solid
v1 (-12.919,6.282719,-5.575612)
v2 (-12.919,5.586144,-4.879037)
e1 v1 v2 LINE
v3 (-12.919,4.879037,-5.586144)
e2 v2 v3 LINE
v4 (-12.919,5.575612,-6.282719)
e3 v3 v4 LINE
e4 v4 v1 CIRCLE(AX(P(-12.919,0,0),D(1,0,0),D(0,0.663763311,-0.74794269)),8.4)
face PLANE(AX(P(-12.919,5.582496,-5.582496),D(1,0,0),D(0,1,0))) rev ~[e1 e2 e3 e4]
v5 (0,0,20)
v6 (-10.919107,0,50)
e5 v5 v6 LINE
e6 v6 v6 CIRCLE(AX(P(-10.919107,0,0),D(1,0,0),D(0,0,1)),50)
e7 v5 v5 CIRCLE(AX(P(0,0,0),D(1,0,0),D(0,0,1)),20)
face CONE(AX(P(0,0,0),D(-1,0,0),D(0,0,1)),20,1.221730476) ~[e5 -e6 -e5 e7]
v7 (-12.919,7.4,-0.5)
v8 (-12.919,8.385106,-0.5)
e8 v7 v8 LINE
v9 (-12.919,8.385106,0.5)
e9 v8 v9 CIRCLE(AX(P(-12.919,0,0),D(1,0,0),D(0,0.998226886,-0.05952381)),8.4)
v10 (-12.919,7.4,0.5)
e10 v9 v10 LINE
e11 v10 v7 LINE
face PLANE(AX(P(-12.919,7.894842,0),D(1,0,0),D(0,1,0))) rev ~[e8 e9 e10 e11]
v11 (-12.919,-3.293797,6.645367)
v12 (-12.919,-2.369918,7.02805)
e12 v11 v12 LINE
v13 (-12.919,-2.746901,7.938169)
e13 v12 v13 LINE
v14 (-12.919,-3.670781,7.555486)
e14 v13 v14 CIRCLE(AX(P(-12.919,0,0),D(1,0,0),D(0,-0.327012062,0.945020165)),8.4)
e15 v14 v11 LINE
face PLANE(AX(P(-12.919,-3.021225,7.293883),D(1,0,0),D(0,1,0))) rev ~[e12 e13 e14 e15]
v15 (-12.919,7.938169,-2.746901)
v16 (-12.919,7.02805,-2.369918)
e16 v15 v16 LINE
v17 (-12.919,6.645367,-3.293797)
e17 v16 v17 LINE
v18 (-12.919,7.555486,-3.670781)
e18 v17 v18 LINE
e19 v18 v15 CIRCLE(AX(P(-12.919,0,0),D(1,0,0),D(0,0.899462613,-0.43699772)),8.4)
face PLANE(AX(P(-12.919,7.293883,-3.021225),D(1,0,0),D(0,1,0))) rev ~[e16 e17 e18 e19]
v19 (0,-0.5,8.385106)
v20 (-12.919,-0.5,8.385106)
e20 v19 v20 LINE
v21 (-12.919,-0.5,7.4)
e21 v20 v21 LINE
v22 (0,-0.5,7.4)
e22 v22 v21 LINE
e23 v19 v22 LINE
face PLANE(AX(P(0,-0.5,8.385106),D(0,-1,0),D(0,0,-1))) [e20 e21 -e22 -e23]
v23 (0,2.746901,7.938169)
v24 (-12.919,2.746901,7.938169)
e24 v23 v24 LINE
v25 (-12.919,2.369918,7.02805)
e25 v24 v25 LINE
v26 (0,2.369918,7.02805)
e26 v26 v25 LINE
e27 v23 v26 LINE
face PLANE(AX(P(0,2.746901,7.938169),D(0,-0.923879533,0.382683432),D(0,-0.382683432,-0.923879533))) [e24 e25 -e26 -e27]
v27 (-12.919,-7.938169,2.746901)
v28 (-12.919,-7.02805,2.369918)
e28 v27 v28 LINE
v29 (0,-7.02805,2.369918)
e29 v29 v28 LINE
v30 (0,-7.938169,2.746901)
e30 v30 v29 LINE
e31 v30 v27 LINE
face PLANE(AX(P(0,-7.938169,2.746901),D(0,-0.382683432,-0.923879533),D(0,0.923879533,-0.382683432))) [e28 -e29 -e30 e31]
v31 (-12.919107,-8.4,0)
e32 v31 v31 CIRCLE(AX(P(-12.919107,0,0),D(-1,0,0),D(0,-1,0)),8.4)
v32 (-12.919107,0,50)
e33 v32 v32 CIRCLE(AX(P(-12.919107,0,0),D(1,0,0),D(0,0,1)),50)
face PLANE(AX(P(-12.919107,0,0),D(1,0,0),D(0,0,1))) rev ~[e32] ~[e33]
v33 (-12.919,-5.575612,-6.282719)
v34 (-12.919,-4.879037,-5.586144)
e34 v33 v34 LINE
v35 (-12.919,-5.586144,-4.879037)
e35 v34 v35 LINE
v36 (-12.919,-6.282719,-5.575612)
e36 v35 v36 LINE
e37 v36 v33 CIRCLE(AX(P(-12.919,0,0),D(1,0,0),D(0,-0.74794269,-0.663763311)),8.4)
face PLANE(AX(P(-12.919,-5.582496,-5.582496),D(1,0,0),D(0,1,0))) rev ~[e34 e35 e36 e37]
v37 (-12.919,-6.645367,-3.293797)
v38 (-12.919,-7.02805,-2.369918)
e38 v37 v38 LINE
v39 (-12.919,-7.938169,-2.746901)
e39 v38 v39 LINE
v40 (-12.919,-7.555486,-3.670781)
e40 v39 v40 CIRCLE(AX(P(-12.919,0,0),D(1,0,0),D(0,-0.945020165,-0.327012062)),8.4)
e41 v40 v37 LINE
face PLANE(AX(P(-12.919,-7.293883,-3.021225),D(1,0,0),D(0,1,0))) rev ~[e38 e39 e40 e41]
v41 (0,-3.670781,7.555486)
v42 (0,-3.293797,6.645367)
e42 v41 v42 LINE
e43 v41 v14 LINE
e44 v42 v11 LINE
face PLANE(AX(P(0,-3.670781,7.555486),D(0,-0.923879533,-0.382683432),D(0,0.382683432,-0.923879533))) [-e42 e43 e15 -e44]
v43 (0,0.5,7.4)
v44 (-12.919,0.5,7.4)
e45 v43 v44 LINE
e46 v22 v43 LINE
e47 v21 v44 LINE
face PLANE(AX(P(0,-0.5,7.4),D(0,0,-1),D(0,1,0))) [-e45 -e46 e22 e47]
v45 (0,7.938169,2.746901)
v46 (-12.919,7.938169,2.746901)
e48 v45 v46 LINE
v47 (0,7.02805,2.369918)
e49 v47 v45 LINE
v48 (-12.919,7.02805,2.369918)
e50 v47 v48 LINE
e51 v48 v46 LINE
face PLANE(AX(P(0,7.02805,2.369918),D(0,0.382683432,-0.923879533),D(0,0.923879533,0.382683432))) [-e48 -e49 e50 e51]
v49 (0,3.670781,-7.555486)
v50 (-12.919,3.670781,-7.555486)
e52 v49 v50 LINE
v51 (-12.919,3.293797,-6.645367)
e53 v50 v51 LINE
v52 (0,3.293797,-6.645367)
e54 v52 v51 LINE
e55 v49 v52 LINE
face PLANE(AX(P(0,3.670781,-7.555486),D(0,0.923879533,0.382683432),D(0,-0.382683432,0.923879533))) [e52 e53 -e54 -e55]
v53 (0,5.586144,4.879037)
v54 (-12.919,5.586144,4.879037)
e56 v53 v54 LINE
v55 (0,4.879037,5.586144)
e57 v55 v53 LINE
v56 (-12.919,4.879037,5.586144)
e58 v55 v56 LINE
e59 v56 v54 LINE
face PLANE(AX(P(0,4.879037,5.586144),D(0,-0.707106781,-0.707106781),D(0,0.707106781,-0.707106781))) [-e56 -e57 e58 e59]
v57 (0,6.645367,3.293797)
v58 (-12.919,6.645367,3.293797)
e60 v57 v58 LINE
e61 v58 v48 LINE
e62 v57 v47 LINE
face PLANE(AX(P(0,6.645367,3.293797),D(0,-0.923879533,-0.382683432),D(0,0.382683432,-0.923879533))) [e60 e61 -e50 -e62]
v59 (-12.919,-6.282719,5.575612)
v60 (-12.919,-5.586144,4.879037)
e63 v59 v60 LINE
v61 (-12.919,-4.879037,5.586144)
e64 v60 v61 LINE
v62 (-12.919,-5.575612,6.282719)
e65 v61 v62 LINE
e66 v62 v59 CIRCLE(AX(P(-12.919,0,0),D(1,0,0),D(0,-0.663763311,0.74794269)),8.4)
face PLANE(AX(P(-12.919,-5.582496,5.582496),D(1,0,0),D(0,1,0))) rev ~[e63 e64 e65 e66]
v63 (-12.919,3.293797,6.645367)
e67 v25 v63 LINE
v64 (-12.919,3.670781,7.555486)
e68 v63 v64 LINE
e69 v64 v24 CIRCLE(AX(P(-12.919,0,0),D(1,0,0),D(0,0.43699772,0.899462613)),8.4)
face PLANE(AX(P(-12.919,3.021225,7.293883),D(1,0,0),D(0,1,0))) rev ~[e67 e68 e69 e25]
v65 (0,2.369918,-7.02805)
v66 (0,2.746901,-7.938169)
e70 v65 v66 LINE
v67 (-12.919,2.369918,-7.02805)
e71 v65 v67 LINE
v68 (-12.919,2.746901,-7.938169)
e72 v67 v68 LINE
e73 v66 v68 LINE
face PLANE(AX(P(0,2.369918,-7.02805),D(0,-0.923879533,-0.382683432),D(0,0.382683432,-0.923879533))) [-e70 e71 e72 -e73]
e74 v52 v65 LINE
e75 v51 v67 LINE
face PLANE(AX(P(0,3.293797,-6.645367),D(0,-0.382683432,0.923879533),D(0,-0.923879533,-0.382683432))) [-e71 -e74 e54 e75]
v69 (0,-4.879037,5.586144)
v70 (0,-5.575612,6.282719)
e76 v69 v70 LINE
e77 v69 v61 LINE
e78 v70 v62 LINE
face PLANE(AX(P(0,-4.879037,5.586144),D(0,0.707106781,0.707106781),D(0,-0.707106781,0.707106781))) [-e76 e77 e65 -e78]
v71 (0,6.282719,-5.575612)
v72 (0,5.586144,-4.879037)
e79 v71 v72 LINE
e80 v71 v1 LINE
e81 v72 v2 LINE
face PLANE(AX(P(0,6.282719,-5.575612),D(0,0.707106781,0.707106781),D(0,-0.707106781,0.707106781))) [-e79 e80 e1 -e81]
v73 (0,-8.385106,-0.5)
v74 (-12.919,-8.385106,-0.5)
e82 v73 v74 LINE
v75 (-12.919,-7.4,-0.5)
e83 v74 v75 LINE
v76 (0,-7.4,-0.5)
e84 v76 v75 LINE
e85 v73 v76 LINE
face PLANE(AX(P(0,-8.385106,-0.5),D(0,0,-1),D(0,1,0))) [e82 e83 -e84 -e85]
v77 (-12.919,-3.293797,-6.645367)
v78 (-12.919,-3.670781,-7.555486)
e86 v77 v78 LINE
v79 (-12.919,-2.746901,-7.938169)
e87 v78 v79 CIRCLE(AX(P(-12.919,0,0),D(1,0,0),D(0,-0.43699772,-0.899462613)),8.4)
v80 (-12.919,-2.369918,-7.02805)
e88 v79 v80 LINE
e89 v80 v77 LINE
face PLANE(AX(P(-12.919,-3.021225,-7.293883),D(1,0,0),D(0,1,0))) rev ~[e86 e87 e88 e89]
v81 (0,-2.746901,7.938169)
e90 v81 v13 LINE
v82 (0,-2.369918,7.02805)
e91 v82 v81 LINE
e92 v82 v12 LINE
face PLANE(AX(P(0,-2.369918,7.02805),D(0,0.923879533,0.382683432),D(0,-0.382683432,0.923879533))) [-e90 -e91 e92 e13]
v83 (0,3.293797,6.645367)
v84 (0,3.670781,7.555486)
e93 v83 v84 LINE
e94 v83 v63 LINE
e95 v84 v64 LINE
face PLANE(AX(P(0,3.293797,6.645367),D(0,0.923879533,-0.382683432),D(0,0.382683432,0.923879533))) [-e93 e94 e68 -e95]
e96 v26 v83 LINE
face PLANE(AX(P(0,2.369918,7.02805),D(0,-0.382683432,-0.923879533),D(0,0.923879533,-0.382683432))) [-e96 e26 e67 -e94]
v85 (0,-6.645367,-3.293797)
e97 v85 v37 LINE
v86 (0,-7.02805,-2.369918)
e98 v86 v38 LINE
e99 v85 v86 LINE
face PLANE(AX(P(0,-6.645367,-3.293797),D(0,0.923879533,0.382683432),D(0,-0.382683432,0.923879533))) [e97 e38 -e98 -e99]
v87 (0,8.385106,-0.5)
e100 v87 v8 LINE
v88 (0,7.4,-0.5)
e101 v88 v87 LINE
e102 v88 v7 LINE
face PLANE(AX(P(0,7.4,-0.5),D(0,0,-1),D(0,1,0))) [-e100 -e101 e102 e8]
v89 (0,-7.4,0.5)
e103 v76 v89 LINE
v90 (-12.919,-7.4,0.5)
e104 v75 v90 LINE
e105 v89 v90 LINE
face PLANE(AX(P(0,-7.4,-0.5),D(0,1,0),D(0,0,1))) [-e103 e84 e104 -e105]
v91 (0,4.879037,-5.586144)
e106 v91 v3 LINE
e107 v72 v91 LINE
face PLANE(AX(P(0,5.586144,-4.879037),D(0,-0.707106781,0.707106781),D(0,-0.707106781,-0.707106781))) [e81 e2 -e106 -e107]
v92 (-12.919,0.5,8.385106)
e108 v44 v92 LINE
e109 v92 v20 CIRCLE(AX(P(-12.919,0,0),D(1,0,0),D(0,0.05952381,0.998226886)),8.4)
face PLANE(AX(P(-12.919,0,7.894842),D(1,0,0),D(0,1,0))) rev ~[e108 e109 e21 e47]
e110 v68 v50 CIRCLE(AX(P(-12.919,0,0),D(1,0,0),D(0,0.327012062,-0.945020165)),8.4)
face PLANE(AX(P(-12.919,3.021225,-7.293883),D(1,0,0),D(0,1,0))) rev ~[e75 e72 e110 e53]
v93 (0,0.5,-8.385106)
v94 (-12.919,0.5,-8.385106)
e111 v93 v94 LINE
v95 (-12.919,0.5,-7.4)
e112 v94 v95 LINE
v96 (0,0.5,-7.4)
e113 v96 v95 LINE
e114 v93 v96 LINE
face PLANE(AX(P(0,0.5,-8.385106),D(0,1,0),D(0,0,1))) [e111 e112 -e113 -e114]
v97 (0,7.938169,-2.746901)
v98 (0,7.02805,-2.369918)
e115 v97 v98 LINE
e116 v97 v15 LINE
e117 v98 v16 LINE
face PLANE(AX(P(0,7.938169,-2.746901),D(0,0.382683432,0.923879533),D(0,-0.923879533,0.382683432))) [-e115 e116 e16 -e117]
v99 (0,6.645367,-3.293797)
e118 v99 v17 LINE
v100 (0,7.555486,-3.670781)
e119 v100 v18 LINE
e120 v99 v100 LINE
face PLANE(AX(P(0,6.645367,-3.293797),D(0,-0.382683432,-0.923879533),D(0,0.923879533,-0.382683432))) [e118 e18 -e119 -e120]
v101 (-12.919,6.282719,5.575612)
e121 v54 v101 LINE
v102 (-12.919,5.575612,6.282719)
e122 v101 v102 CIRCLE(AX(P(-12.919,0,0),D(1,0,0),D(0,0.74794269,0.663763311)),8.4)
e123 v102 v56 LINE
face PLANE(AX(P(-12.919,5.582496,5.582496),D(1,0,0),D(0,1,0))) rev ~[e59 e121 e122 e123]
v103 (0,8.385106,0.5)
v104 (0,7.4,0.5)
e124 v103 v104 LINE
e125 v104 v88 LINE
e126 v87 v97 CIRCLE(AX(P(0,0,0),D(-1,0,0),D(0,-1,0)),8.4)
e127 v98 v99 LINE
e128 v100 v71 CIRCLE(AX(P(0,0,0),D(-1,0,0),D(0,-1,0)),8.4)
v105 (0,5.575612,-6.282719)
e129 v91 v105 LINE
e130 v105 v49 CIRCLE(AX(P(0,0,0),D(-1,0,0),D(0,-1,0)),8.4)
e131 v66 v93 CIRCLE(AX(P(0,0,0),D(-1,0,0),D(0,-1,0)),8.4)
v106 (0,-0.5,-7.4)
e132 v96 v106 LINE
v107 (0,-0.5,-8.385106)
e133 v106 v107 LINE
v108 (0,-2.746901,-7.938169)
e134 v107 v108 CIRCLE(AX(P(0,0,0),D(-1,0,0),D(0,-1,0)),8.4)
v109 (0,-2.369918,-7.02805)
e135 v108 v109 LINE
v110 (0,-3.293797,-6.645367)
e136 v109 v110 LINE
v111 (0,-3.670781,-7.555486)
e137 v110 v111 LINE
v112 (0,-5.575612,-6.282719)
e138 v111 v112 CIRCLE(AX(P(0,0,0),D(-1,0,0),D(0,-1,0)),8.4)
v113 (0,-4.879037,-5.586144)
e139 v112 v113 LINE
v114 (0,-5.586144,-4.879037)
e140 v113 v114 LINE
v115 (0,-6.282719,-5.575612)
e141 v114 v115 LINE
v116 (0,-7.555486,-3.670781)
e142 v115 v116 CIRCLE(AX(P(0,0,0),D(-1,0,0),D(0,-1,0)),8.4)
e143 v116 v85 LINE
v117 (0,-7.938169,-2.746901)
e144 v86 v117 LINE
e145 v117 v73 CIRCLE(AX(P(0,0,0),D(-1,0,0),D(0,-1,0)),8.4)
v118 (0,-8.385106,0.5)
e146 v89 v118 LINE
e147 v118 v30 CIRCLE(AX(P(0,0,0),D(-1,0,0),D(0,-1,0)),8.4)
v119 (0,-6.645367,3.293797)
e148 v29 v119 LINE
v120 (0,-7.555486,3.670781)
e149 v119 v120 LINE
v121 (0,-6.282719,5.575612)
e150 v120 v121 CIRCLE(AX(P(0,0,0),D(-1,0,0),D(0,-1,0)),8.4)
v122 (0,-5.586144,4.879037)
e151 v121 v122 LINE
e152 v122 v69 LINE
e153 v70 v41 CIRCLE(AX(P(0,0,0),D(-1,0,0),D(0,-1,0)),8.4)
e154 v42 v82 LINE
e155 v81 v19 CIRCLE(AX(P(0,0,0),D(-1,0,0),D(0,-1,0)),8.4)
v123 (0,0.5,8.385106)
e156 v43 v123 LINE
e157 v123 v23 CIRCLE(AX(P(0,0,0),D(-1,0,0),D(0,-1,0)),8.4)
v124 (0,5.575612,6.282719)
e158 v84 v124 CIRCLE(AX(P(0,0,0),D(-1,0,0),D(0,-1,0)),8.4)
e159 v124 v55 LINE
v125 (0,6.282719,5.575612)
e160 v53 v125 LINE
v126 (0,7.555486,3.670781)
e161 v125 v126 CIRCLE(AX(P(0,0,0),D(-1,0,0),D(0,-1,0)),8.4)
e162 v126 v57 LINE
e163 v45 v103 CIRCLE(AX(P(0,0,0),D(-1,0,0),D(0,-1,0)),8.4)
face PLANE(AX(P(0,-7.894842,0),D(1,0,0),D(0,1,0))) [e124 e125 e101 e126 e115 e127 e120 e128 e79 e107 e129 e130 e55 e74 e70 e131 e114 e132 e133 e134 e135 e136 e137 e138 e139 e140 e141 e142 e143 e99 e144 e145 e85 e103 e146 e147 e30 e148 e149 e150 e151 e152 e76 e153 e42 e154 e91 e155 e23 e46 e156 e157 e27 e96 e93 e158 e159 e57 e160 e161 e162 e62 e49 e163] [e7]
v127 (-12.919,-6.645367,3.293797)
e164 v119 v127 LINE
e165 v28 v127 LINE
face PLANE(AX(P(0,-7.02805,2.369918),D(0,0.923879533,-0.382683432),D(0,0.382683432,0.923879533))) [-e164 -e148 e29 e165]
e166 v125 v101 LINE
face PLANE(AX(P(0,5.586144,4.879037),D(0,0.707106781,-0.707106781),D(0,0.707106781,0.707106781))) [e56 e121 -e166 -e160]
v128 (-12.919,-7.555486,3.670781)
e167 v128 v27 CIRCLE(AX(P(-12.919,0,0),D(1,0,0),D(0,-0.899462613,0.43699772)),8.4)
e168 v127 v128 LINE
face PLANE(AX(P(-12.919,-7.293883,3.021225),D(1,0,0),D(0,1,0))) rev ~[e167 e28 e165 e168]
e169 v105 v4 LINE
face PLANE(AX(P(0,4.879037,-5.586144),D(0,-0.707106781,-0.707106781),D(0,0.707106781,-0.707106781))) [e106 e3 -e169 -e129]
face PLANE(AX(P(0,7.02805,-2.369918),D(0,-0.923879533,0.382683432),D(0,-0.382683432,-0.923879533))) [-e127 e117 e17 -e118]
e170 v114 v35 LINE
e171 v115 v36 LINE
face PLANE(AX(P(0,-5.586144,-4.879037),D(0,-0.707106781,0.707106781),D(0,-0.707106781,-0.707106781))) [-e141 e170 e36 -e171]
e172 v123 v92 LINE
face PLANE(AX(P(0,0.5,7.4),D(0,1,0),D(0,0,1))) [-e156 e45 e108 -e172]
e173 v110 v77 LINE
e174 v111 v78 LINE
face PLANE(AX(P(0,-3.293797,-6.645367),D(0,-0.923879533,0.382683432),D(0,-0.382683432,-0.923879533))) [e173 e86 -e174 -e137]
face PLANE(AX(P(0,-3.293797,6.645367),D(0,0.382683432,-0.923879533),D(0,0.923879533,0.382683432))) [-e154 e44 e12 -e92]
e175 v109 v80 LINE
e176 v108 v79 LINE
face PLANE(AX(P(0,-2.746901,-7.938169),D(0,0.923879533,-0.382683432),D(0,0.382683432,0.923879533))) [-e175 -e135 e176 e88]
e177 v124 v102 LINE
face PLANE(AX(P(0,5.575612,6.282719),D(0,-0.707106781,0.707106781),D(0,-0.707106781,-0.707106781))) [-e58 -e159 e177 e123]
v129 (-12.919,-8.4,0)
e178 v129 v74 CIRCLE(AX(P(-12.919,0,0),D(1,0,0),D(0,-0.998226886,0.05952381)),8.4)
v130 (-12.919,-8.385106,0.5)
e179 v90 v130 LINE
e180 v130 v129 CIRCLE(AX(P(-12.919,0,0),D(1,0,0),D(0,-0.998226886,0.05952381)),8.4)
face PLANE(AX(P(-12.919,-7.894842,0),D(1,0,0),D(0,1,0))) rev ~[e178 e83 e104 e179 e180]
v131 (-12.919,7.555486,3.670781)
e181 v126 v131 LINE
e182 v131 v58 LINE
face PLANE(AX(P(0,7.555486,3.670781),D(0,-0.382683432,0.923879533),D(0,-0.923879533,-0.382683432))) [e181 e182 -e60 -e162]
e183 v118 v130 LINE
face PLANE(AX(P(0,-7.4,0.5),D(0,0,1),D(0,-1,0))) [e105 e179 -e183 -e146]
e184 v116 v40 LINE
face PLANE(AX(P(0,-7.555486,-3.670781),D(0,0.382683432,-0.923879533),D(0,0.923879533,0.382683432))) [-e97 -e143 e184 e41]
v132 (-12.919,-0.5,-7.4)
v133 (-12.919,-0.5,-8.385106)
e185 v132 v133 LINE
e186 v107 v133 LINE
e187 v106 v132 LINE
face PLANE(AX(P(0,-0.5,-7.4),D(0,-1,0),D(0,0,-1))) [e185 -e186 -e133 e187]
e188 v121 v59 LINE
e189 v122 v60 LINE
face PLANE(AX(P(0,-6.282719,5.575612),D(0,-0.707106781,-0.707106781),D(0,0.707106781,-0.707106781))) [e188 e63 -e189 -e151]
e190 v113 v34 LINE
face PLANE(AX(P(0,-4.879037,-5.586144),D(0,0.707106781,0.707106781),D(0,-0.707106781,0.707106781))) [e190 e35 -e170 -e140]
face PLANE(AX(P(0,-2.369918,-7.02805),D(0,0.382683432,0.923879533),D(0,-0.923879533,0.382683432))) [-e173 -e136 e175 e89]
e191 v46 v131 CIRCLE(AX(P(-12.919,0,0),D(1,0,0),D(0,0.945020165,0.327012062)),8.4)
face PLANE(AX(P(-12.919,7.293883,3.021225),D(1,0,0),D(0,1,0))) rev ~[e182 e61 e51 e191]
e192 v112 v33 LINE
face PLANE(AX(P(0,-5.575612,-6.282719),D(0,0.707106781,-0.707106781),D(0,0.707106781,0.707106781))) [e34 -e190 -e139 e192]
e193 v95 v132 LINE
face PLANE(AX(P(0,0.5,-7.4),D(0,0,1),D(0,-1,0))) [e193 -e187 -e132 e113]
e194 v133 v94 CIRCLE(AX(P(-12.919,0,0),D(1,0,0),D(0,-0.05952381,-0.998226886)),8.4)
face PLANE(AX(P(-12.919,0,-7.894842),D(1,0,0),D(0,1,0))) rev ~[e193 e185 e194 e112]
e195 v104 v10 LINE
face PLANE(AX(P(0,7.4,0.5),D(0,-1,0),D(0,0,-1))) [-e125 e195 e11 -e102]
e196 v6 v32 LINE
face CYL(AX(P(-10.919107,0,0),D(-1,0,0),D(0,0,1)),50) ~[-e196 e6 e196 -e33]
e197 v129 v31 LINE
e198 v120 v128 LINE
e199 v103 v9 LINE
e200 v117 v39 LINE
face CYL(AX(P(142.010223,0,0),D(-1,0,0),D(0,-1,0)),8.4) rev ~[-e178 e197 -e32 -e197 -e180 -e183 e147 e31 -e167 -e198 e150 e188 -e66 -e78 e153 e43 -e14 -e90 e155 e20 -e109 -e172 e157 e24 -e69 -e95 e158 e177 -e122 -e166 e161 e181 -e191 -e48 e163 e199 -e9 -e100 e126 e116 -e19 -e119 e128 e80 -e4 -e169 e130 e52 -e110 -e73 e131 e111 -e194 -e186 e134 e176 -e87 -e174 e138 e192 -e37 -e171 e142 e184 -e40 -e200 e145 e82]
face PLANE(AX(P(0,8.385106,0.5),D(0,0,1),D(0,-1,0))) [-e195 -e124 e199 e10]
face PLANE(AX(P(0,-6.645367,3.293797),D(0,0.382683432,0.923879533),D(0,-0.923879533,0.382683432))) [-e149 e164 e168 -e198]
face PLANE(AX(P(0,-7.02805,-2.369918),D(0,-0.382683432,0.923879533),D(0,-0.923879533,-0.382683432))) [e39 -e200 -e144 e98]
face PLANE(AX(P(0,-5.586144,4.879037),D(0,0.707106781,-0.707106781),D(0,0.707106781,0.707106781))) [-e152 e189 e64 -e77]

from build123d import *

# Parameters (mm, degrees)
F3_D     = 16.8
F5_DEPTH = 12.919


with BuildPart() as f1:
    # F0 (on Front) → F1 (revolve)
    with BuildSketch(Plane.XZ):
        Polygon((-12.919107028, 0), (0, 0), (0, 20), (-10.919107028, 50), (-12.919107028, 50), align=None)
    revolve(axis=Axis((-6.459553514, 0, 0), (1, 0, 0)))

    # F3 (through all)
    with Locations(Plane.YZ):
        with Locations((0, 0)):
            Hole(F3_D / 2)

    # F4 (on Right) → F5 (join)
    with BuildSketch(Plane.YZ):
        with BuildLine():
            Line((0.5, 7.4), (0.5, 8.3851058431))
            ThreePointArc((0.5, 8.3851058431), (0, 8.4), (-0.5, 8.3851058431))
            Line((-0.5, 8.3851058431), (-0.5, 7.4))
            Line((-0.5, 7.4), (0.5, 7.4))
        make_face()
        with BuildLine():
            Line((-2.3699176332, 7.0280502568), (-2.7469013185, 7.9381693826))
            ThreePointArc((-2.7469013185, 7.9381693826), (-3.2145408319, 7.7605880731), (-3.670780851, 7.5554859502))
            Line((-3.670780851, 7.5554859502), (-3.2937971658, 6.6453668244))
            Line((-3.2937971658, 6.6453668244), (-2.3699176332, 7.0280502568))
        make_face()
        with BuildLine():
            Line((-4.8790367902, 5.5861435714), (-5.575611812, 6.2827185932))
            ThreePointArc((-5.575611812, 6.2827185932), (-5.939696962, 5.939696962), (-6.2827185932, 5.575611812))
            Line((-6.2827185932, 5.575611812), (-5.5861435714, 4.8790367902))
            Line((-5.5861435714, 4.8790367902), (-4.8790367902, 5.5861435714))
        make_face()
        with BuildLine():
            Line((-6.6453668244, 3.2937971658), (-7.5554859502, 3.670780851))
            ThreePointArc((-7.5554859502, 3.670780851), (-7.7605880731, 3.2145408319), (-7.9381693826, 2.7469013185))
            Line((-7.9381693826, 2.7469013185), (-7.0280502568, 2.3699176332))
            Line((-7.0280502568, 2.3699176332), (-6.6453668244, 3.2937971658))
        make_face()
        with BuildLine():
            Line((-7.4, 0.5), (-8.3851058431, 0.5))
            ThreePointArc((-8.3851058431, 0.5), (-8.4, 0), (-8.3851058431, -0.5))
            Line((-8.3851058431, -0.5), (-7.4, -0.5))
            Line((-7.4, -0.5), (-7.4, 0.5))
        make_face()
        with BuildLine():
            Line((-7.0280502568, -2.3699176332), (-7.9381693826, -2.7469013185))
            ThreePointArc((-7.9381693826, -2.7469013185), (-7.7605880731, -3.2145408319), (-7.5554859502, -3.670780851))
            Line((-7.5554859502, -3.670780851), (-6.6453668244, -3.2937971658))
            Line((-6.6453668244, -3.2937971658), (-7.0280502568, -2.3699176332))
        make_face()
        with BuildLine():
            Line((-5.5861435714, -4.8790367902), (-6.2827185932, -5.575611812))
            ThreePointArc((-6.2827185932, -5.575611812), (-5.939696962, -5.939696962), (-5.575611812, -6.2827185932))
            Line((-5.575611812, -6.2827185932), (-4.8790367902, -5.5861435714))
            Line((-4.8790367902, -5.5861435714), (-5.5861435714, -4.8790367902))
        make_face()
        with BuildLine():
            Line((-3.2937971658, -6.6453668244), (-3.670780851, -7.5554859502))
            ThreePointArc((-3.670780851, -7.5554859502), (-3.2145408319, -7.7605880731), (-2.7469013185, -7.9381693826))
            Line((-2.7469013185, -7.9381693826), (-2.3699176332, -7.0280502568))
            Line((-2.3699176332, -7.0280502568), (-3.2937971658, -6.6453668244))
        make_face()
        with BuildLine():
            Line((-0.5, -7.4), (-0.5, -8.3851058431))
            ThreePointArc((-0.5, -8.3851058431), (0, -8.4), (0.5, -8.3851058431))
            Line((0.5, -8.3851058431), (0.5, -7.4))
            Line((0.5, -7.4), (-0.5, -7.4))
        make_face()
        with BuildLine():
            Line((2.3699176332, -7.0280502568), (2.7469013185, -7.9381693826))
            ThreePointArc((2.7469013185, -7.9381693826), (3.2145408319, -7.7605880731), (3.670780851, -7.5554859502))
            Line((3.670780851, -7.5554859502), (3.2937971658, -6.6453668244))
            Line((3.2937971658, -6.6453668244), (2.3699176332, -7.0280502568))
        make_face()
        with BuildLine():
            Line((4.8790367902, -5.5861435714), (5.575611812, -6.2827185932))
            ThreePointArc((5.575611812, -6.2827185932), (5.939696962, -5.939696962), (6.2827185932, -5.575611812))
            Line((6.2827185932, -5.575611812), (5.5861435714, -4.8790367902))
            Line((5.5861435714, -4.8790367902), (4.8790367902, -5.5861435714))
        make_face()
        with BuildLine():
            Line((6.6453668244, -3.2937971658), (7.5554859502, -3.670780851))
            ThreePointArc((7.5554859502, -3.670780851), (7.7605880731, -3.2145408319), (7.9381693826, -2.7469013185))
            Line((7.9381693826, -2.7469013185), (7.0280502568, -2.3699176332))
            Line((7.0280502568, -2.3699176332), (6.6453668244, -3.2937971658))
        make_face()
        with BuildLine():
            Line((7.4, -0.5), (8.3851058431, -0.5))
            ThreePointArc((8.3851058431, -0.5), (8.4, 0), (8.3851058431, 0.5))
            Line((8.3851058431, 0.5), (7.4, 0.5))
            Line((7.4, 0.5), (7.4, -0.5))
        make_face()
        with BuildLine():
            Line((7.0280502568, 2.3699176332), (7.9381693826, 2.7469013185))
            ThreePointArc((7.9381693826, 2.7469013185), (7.7605880731, 3.2145408319), (7.5554859502, 3.670780851))
            Line((7.5554859502, 3.670780851), (6.6453668244, 3.2937971658))
            Line((6.6453668244, 3.2937971658), (7.0280502568, 2.3699176332))
        make_face()
        with BuildLine():
            Line((5.5861435714, 4.8790367902), (6.2827185932, 5.575611812))
            ThreePointArc((6.2827185932, 5.575611812), (5.939696962, 5.939696962), (5.575611812, 6.2827185932))
            Line((5.575611812, 6.2827185932), (4.8790367902, 5.5861435714))
            Line((4.8790367902, 5.5861435714), (5.5861435714, 4.8790367902))
        make_face()
        with BuildLine():
            Line((3.2937971658, 6.6453668244), (3.670780851, 7.5554859502))
            ThreePointArc((3.670780851, 7.5554859502), (3.2145408319, 7.7605880731), (2.7469013185, 7.9381693826))
            Line((2.7469013185, 7.9381693826), (2.3699176332, 7.0280502568))
            Line((2.3699176332, 7.0280502568), (3.2937971658, 6.6453668244))
        make_face()
    extrude(amount=-F5_DEPTH)


solid = f1.part
